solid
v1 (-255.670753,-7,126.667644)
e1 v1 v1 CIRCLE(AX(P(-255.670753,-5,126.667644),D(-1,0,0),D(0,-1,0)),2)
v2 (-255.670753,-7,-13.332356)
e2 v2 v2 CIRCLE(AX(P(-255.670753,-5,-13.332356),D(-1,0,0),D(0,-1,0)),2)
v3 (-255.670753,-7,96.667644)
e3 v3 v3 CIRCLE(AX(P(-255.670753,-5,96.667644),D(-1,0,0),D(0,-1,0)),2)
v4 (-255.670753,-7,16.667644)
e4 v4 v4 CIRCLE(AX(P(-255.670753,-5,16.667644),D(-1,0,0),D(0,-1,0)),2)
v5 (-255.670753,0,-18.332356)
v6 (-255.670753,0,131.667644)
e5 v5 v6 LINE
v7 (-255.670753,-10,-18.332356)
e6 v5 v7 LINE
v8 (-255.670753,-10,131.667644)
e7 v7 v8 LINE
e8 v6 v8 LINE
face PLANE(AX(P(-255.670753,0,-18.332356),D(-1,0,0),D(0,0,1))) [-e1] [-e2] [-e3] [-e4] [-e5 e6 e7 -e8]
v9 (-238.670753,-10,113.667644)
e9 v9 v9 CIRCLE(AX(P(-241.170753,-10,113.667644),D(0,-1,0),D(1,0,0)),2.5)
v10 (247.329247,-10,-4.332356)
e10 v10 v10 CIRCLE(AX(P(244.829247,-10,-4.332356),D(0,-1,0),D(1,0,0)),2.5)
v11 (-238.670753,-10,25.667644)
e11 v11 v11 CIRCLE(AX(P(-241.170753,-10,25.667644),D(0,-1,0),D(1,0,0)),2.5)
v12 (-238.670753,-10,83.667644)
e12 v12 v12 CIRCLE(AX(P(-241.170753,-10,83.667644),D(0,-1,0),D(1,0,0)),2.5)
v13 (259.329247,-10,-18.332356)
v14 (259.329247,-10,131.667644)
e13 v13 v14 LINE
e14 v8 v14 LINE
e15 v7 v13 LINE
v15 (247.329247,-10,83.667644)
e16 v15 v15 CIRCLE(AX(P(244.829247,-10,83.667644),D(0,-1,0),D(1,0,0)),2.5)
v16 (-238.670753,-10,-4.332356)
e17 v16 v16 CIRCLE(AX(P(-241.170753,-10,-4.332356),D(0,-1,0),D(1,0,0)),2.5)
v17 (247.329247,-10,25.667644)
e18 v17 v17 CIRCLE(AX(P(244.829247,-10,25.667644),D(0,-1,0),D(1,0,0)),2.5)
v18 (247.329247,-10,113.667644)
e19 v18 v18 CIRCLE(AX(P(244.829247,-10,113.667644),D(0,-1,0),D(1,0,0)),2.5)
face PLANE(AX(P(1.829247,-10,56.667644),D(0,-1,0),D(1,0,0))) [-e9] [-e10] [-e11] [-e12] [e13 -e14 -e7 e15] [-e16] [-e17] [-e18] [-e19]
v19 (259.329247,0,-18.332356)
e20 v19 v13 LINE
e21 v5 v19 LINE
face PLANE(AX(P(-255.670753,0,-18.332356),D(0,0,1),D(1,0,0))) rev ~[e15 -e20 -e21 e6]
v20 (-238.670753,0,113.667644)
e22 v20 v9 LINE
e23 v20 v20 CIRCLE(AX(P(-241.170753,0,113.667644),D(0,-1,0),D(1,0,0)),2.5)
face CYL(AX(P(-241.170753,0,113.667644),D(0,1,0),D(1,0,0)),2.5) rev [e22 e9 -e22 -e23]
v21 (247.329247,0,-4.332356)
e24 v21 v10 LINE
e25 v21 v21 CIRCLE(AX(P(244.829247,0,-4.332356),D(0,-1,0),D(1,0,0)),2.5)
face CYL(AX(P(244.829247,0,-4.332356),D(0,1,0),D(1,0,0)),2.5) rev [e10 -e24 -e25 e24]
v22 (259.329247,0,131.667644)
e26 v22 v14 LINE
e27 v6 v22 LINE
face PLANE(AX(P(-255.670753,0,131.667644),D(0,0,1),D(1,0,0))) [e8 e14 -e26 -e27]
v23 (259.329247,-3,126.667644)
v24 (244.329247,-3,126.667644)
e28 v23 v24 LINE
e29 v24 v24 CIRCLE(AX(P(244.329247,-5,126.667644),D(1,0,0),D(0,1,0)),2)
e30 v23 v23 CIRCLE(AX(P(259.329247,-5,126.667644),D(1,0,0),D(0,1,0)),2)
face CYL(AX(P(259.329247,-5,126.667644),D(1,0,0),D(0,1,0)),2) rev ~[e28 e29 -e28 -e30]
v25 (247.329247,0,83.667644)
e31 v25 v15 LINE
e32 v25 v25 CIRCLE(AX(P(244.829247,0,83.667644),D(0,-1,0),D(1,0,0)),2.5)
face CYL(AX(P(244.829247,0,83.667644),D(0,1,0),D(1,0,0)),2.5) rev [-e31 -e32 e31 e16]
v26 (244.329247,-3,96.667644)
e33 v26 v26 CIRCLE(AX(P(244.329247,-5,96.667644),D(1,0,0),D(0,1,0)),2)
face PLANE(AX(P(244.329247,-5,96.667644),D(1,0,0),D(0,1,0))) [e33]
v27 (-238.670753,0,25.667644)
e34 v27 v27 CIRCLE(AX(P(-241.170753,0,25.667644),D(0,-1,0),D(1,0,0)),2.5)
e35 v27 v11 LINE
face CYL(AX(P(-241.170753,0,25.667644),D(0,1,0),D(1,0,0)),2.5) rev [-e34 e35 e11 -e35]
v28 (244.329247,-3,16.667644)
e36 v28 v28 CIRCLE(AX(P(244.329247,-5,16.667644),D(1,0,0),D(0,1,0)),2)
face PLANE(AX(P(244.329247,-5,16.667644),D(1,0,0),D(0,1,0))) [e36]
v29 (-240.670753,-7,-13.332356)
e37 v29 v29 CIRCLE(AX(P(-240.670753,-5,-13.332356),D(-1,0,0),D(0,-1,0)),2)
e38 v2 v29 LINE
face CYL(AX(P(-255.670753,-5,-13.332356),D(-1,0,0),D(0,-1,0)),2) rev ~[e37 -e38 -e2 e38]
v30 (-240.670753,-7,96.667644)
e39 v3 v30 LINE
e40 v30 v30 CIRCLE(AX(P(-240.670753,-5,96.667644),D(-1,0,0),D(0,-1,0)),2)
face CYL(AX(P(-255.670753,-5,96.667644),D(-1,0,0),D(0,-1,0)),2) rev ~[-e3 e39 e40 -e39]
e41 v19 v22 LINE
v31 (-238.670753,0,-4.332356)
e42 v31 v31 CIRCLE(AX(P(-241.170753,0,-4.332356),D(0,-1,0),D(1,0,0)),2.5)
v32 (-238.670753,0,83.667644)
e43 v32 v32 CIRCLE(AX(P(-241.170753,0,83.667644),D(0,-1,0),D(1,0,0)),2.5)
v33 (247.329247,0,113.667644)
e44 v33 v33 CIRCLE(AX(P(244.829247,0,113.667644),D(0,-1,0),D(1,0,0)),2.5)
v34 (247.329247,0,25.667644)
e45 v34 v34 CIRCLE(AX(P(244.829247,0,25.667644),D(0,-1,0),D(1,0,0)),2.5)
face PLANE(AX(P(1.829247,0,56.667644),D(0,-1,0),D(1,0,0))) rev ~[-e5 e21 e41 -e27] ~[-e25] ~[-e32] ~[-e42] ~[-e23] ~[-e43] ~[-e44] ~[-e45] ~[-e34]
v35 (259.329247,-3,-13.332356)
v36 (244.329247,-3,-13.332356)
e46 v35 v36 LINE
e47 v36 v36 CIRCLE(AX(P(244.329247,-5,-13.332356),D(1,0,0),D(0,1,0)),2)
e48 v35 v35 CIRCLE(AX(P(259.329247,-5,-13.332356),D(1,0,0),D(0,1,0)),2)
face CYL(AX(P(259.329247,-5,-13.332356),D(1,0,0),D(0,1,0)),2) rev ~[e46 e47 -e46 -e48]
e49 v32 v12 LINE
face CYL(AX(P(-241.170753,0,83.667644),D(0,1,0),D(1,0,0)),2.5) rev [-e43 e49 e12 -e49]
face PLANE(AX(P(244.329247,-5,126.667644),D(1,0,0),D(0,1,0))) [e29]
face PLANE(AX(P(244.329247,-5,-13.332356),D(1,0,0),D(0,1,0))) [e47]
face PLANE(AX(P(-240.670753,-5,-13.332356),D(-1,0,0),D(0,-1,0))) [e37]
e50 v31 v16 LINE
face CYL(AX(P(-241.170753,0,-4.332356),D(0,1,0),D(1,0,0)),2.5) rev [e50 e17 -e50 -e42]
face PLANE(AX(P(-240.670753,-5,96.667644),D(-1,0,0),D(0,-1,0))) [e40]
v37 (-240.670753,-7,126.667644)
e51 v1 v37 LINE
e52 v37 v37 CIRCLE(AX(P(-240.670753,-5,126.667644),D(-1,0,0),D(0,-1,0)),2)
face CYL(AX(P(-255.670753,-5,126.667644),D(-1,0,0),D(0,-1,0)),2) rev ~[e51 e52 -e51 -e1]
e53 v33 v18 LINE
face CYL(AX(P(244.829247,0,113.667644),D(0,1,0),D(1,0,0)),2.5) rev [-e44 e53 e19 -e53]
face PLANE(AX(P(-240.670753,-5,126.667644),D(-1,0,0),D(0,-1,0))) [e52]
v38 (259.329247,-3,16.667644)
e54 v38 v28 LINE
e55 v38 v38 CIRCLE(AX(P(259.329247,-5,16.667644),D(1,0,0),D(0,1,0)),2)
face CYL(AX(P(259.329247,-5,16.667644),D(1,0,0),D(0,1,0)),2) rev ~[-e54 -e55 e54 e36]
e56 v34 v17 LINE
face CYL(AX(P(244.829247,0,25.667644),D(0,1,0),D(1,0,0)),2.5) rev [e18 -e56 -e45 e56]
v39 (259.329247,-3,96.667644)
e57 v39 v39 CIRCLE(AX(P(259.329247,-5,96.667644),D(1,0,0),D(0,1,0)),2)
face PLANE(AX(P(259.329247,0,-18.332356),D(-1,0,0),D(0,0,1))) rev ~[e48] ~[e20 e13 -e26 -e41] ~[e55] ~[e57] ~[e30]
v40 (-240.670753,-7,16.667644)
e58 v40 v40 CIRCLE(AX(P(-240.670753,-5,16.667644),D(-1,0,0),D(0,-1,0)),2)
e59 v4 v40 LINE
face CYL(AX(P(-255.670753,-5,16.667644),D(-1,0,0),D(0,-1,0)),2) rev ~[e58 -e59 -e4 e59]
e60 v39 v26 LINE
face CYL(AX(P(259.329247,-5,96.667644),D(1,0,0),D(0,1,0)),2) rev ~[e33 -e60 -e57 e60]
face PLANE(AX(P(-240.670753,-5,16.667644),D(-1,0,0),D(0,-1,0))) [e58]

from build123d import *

# Parameters (mm, degrees)
F0_W     = 515
F0_H     = 150
F0_R     = 2.5
F1_DEPTH = 10
F2_R     = 2
F3_DEPTH = 15
F4_R     = 2
F5_DEPTH = 15


with BuildPart() as f1:
    # F0 (on Front) → F1 (new body)
    with BuildSketch(Plane.XZ):
        with Locations((1.829247, 56.667644)):
            Rectangle(F0_W, F0_H)
        with Locations((-241.170753, -4.332356)):
            Circle(F0_R, mode=Mode.SUBTRACT)
        with Locations((-241.170753, 25.667644)):
            Circle(F0_R, mode=Mode.SUBTRACT)
        with Locations((244.829247, -4.332356)):
            Circle(F0_R, mode=Mode.SUBTRACT)
        with Locations((244.829247, 25.667644)):
            Circle(F0_R, mode=Mode.SUBTRACT)
        with Locations((-241.170753, 83.667644)):
            Circle(F0_R, mode=Mode.SUBTRACT)
        with Locations((-241.170753, 113.667644)):
            Circle(F0_R, mode=Mode.SUBTRACT)
        with Locations((244.829247, 83.667644)):
            Circle(F0_R, mode=Mode.SUBTRACT)
        with Locations((244.829247, 113.667644)):
            Circle(F0_R, mode=Mode.SUBTRACT)
    extrude(amount=F1_DEPTH)

    # F2 (on face) → F3 (cut)
    with BuildSketch(Plane(origin=(-255.670753, 0, 0), x_dir=(0, -1, 0), z_dir=(-1, 0, 0))):
        with Locations((5, -13.332356)):
            Circle(F2_R)
        with Locations((5, 126.667644)):
            Circle(F2_R)
        with Locations((5, 96.667644)):
            Circle(F2_R)
        with Locations((5, 16.667644)):
            Circle(F2_R)
    extrude(amount=-F3_DEPTH, mode=Mode.SUBTRACT)

    # F4 (on face) → F5 (cut)
    with BuildSketch(Plane.YZ.offset(259.329247)):
        with Locations((-5, 96.667644)):
            Circle(F4_R)
        with Locations((-5, -13.332356)):
            Circle(F4_R)
        with Locations((-5, 126.667644)):
            Circle(F4_R)
        with Locations((-5, 16.667644)):
            Circle(F4_R)
    extrude(amount=-F5_DEPTH, mode=Mode.SUBTRACT)


solid = f1.part
